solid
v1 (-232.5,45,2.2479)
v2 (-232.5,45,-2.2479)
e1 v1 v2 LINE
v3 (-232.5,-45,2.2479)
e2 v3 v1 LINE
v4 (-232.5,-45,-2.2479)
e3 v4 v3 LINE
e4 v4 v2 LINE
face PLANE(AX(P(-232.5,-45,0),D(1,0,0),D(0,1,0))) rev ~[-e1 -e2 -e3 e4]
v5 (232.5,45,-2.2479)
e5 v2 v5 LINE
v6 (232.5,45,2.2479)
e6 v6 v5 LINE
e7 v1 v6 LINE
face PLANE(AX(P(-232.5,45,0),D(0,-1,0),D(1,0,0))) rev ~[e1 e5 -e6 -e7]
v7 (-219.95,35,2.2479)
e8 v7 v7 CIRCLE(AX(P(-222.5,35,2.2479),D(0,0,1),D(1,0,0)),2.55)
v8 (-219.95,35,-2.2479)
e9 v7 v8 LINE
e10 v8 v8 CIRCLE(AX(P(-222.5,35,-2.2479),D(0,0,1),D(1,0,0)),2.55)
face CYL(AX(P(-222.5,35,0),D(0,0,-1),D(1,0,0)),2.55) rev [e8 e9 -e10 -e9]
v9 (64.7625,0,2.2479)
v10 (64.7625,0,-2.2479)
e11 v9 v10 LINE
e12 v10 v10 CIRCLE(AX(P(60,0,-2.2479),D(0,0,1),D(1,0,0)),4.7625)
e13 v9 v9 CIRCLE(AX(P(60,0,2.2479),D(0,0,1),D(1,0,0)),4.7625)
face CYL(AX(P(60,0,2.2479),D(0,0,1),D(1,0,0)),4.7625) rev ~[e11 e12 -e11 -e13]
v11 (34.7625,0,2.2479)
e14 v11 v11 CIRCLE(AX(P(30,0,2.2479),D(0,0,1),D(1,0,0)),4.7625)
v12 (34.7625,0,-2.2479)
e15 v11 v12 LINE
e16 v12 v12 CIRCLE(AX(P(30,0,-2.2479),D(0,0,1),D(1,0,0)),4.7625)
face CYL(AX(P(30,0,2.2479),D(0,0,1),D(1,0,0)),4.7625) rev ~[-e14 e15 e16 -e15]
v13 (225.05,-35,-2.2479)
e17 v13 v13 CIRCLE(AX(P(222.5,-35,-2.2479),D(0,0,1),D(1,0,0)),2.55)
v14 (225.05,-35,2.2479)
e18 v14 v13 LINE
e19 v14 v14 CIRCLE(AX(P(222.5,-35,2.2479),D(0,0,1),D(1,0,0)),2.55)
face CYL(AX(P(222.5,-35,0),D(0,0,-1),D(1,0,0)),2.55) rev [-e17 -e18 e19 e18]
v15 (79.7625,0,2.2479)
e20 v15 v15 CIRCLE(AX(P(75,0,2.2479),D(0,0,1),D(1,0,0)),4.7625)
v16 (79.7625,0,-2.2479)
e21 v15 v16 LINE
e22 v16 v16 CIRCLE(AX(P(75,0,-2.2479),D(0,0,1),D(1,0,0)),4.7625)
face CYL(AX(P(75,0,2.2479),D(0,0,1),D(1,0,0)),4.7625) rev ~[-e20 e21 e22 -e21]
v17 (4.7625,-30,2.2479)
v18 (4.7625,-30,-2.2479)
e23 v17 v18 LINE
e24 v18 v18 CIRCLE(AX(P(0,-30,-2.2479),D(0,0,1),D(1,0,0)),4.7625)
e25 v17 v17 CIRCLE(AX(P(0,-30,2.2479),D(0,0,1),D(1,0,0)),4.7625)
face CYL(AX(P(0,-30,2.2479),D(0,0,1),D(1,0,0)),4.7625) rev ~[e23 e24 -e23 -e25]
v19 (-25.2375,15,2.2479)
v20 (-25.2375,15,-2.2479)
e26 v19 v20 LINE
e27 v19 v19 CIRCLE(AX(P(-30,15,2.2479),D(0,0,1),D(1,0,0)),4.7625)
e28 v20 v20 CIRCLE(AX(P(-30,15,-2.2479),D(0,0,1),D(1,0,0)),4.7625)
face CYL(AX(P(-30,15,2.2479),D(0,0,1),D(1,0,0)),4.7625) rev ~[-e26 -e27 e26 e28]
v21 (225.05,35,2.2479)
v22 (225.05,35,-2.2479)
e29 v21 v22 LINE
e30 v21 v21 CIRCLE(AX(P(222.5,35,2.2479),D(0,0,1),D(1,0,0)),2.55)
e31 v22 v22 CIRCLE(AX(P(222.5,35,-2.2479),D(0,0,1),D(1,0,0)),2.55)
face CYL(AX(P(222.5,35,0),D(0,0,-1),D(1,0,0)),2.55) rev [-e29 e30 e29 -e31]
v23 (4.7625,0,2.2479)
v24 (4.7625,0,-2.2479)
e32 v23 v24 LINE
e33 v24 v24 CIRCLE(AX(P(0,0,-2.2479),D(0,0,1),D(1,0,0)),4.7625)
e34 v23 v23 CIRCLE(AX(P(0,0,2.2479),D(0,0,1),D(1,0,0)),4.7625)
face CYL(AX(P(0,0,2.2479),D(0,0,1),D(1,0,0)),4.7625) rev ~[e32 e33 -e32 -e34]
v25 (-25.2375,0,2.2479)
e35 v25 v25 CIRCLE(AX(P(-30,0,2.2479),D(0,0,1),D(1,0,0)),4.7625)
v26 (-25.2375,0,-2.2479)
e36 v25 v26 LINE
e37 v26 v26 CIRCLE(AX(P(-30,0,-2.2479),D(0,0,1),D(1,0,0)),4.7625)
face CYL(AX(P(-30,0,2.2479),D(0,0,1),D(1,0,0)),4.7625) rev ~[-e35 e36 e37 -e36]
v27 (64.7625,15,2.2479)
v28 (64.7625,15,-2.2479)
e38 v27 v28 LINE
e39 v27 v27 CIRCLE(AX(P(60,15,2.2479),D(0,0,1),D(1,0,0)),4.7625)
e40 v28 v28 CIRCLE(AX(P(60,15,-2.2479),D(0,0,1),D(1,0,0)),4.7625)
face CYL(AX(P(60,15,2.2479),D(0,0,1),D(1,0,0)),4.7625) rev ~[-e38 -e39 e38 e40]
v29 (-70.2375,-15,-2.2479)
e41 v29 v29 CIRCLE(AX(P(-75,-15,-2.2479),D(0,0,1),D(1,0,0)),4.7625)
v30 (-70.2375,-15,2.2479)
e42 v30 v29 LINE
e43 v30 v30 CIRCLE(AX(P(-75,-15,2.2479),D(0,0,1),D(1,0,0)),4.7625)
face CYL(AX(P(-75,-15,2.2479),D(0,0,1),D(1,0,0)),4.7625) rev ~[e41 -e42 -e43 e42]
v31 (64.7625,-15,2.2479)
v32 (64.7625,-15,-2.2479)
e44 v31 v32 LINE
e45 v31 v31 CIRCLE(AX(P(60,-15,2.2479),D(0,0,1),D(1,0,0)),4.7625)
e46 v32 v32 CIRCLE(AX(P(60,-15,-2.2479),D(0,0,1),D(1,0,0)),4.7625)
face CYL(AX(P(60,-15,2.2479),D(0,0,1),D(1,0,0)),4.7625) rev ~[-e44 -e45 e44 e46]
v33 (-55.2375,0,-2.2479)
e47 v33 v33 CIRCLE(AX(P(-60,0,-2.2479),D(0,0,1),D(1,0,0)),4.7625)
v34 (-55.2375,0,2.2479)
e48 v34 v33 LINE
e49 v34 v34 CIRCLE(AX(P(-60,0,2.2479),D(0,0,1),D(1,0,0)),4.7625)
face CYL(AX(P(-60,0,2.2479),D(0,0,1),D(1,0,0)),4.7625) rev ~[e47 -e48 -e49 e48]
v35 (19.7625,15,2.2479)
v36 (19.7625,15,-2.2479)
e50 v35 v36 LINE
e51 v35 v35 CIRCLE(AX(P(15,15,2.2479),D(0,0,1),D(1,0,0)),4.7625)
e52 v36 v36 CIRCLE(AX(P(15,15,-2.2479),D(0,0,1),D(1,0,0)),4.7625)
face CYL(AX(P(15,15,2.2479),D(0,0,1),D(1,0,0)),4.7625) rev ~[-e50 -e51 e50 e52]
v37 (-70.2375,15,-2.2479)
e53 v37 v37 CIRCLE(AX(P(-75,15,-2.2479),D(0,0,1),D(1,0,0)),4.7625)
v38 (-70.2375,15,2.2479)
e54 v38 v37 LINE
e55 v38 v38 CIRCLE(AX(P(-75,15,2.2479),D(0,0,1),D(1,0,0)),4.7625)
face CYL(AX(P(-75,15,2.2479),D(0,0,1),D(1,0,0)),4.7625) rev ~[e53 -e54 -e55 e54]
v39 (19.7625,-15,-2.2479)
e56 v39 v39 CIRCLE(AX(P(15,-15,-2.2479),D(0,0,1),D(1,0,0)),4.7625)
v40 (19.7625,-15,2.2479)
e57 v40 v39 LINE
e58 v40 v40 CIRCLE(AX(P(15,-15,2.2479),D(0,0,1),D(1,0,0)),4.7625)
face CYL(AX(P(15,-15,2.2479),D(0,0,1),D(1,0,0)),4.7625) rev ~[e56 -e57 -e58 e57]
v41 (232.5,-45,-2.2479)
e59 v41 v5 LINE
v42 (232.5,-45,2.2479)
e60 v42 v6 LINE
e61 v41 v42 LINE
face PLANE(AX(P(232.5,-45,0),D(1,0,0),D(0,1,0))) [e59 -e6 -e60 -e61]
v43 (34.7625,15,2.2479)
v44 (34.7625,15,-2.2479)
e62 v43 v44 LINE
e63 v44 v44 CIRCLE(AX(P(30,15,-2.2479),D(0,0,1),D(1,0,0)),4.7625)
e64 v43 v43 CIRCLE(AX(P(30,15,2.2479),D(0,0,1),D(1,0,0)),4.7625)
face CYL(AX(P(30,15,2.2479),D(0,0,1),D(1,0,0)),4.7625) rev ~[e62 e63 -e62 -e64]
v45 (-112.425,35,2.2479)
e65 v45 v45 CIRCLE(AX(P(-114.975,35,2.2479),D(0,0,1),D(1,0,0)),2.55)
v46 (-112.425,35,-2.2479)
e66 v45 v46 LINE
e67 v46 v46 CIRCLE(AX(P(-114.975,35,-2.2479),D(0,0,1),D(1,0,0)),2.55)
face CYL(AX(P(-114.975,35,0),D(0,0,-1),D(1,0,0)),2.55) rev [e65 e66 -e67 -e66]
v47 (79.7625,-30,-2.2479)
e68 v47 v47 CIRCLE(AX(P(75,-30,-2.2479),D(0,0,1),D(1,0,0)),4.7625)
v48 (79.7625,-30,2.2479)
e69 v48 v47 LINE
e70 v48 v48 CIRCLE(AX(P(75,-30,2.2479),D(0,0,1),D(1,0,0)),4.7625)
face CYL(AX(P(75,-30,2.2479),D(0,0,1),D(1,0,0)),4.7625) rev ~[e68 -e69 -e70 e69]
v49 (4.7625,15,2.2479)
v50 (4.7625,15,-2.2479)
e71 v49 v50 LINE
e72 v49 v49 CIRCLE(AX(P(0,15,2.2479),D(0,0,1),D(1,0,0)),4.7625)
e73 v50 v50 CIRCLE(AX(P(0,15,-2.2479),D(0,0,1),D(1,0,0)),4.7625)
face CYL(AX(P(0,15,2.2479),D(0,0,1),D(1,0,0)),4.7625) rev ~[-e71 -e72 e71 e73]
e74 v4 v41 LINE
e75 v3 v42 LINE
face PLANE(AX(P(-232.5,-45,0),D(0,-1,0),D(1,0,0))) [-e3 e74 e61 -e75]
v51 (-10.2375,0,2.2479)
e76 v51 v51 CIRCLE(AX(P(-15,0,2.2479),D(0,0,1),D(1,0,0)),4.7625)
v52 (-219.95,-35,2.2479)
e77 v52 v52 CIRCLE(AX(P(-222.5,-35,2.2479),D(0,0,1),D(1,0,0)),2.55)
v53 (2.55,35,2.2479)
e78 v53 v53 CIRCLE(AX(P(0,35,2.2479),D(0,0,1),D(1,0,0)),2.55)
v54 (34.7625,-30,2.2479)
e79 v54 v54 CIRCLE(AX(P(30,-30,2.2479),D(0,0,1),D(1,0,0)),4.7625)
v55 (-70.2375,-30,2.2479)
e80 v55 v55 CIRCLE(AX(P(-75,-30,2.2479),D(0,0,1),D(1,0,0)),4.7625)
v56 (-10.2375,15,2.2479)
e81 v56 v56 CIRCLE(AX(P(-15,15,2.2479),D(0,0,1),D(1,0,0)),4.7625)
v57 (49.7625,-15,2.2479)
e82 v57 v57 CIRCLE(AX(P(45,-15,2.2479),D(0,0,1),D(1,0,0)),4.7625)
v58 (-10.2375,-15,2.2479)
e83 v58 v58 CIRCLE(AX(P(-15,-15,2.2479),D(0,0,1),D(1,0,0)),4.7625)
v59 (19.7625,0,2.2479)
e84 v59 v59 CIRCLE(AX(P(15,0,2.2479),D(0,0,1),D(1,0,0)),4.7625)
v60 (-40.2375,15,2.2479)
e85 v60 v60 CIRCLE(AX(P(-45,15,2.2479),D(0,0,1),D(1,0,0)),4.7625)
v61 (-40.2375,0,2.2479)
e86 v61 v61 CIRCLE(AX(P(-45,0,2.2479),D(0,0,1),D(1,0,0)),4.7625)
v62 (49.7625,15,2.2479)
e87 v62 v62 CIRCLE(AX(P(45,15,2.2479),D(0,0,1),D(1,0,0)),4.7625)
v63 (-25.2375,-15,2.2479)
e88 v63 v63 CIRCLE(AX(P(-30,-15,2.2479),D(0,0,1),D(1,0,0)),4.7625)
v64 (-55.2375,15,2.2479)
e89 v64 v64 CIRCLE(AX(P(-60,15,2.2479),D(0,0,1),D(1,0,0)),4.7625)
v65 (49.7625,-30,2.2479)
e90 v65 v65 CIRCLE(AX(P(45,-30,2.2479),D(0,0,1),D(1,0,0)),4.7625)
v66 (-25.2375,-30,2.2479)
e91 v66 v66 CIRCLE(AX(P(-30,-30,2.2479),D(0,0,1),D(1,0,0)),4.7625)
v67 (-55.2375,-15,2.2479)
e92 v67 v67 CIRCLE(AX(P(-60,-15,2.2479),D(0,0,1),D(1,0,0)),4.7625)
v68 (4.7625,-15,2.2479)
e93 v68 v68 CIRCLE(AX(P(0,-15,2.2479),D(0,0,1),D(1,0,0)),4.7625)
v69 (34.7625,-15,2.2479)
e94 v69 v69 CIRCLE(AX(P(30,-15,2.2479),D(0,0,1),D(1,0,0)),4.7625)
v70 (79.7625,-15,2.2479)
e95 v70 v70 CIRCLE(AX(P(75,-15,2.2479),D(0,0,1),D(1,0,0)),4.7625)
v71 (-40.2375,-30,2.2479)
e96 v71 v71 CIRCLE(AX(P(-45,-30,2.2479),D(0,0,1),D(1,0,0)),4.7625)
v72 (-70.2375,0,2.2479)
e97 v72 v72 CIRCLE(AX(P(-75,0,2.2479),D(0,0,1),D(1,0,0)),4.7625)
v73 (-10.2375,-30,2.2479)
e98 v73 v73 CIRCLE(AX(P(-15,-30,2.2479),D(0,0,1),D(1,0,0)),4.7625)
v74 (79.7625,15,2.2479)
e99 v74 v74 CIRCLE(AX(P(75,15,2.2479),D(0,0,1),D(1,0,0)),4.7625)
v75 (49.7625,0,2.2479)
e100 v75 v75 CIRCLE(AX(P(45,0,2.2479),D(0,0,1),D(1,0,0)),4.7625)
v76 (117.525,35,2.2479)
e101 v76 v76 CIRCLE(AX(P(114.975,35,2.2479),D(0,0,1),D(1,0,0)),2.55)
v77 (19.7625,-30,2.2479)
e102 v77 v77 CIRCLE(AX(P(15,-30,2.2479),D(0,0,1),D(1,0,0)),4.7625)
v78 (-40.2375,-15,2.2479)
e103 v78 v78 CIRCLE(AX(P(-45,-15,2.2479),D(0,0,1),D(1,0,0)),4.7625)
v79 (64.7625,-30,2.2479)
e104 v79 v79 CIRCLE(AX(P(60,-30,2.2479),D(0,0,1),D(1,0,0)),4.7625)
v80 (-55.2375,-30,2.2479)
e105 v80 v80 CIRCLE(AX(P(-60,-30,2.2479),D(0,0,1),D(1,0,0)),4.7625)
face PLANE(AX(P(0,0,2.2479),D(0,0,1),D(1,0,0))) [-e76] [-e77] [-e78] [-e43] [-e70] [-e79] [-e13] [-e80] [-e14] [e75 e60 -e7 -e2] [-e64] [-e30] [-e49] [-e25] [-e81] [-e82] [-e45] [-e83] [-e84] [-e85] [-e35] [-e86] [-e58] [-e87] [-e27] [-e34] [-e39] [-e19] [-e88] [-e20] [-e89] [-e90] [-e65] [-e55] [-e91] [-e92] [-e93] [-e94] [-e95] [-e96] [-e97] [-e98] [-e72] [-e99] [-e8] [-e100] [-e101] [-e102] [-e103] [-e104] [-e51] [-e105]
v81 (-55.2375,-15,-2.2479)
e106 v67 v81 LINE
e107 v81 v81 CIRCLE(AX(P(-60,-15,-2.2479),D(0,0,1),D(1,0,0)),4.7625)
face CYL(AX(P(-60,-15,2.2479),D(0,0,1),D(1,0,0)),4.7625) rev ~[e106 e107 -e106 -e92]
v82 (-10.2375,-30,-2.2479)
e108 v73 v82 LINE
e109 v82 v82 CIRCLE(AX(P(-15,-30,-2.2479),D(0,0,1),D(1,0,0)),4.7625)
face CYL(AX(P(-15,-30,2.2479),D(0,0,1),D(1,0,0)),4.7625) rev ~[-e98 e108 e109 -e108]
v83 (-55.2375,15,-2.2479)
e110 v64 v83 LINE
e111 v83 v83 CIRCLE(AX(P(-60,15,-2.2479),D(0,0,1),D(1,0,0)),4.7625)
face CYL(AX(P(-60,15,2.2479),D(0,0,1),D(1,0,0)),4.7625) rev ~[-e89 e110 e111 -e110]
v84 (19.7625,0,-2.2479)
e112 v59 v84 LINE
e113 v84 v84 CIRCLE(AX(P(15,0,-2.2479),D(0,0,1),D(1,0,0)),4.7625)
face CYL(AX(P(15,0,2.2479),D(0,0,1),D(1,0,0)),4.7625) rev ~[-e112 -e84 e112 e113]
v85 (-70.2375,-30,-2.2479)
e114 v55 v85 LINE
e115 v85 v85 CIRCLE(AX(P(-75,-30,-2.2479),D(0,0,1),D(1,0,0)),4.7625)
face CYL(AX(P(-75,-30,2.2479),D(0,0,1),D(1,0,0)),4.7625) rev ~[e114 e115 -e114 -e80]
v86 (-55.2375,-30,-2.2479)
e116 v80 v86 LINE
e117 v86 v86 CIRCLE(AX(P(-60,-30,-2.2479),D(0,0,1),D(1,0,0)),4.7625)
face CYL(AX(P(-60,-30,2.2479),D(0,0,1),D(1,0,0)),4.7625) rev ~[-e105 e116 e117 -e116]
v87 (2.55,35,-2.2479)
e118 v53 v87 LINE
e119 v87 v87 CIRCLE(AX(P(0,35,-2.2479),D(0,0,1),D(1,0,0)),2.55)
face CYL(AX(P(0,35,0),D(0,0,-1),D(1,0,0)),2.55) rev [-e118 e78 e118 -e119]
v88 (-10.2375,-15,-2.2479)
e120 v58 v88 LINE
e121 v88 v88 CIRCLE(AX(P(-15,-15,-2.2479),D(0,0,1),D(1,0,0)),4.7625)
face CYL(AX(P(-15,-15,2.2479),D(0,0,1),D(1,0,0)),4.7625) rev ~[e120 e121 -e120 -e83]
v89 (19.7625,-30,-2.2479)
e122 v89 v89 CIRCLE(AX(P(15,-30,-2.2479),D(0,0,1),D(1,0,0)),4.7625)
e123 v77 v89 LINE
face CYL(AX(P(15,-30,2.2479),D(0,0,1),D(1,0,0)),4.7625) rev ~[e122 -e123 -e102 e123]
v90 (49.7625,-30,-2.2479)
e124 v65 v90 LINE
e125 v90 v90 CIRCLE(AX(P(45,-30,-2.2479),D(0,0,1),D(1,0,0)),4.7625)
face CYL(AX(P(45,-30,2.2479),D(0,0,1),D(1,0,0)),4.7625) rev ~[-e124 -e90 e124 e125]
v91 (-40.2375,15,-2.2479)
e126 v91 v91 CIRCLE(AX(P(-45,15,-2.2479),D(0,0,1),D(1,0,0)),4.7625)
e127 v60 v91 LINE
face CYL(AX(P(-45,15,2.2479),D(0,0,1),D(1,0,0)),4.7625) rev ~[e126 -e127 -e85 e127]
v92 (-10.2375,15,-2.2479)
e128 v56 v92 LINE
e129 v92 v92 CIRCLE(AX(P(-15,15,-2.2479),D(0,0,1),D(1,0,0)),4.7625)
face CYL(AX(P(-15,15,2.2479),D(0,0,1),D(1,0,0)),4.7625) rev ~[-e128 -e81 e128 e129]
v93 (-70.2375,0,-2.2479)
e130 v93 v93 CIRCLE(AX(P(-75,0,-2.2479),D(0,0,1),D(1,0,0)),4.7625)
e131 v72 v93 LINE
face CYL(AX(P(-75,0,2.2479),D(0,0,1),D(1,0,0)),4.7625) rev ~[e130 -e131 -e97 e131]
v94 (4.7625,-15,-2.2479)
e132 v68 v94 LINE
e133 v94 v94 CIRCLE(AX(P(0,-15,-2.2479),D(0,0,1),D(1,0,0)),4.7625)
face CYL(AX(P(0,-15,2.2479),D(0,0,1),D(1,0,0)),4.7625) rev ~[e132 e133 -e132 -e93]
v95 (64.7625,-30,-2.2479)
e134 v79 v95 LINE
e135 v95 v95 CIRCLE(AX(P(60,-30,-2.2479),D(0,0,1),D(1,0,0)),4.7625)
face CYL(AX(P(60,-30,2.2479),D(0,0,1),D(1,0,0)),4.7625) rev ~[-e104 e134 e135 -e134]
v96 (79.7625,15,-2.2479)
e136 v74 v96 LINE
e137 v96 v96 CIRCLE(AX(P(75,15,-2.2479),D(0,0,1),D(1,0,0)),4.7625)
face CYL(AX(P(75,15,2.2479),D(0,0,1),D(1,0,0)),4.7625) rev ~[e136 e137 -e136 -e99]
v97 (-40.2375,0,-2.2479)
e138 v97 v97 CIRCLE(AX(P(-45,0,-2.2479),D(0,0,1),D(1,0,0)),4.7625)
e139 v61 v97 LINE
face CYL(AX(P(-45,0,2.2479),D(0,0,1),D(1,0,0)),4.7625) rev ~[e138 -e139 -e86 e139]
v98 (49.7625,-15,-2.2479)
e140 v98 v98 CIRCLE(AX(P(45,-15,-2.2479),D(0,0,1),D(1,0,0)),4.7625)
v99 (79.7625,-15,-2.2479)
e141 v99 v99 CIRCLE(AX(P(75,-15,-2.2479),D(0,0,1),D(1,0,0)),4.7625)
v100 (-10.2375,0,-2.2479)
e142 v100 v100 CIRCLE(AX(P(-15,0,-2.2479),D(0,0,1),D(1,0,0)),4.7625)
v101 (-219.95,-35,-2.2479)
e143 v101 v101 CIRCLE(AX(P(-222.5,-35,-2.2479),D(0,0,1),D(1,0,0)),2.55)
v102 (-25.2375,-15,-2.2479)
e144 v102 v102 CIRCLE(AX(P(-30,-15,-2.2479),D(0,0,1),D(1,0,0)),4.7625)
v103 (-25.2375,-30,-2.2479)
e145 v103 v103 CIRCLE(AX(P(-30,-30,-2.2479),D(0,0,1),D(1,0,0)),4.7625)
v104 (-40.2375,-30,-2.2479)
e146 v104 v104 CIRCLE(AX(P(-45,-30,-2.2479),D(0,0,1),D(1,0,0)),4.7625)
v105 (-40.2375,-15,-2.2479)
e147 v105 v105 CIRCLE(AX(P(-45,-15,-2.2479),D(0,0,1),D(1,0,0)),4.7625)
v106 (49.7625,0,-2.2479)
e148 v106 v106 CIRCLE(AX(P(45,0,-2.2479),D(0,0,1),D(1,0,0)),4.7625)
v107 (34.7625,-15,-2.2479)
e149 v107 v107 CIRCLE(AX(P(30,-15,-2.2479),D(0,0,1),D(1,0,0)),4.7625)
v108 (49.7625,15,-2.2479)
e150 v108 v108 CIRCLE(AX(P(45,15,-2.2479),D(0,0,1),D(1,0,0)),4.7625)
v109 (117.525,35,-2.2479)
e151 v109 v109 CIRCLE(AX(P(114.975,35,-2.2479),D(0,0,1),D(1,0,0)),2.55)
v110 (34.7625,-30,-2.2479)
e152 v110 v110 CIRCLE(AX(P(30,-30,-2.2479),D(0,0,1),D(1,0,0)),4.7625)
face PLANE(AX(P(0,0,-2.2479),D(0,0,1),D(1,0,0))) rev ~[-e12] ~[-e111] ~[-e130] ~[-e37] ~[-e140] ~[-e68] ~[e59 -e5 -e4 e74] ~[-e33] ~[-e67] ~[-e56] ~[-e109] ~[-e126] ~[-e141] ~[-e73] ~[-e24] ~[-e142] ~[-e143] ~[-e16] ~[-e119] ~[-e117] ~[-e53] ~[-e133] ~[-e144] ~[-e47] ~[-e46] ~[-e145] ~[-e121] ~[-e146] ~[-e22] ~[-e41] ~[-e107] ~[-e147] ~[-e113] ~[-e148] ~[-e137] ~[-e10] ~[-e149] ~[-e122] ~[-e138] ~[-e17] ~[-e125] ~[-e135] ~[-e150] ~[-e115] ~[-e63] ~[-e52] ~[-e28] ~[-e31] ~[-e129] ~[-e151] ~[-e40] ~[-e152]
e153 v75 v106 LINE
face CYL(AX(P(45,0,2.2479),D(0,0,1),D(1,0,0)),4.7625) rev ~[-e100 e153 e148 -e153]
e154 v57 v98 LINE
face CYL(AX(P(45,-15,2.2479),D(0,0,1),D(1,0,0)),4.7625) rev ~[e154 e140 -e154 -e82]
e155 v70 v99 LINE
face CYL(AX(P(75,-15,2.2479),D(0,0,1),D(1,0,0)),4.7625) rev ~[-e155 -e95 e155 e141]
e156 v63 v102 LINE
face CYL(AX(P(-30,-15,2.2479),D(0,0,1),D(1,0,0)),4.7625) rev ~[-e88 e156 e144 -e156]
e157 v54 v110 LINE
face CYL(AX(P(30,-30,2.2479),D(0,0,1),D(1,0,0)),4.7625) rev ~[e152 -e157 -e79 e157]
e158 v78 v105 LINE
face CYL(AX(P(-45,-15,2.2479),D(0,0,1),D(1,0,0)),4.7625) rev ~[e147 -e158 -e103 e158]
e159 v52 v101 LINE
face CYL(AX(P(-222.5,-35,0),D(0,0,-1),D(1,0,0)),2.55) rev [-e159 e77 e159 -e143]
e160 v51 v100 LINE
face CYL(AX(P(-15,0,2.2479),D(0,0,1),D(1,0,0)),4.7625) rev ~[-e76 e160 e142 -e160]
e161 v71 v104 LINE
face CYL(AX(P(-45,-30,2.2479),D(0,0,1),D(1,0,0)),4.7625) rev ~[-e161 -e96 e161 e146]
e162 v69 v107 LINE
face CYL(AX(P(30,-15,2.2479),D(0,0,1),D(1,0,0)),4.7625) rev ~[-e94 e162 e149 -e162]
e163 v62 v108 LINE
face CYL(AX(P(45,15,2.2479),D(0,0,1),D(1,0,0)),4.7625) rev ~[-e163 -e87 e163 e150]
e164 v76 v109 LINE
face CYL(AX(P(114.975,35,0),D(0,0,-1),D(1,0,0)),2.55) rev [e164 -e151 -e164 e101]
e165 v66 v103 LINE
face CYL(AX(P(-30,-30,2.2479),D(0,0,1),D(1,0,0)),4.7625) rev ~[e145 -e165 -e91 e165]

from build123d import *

# Parameters (mm, degrees)
SKETCH1_W           = 465
SKETCH1_H           = 90
SKETCH1_R           = 2.55
BOSS_EXTRUDE1_DEPTH = 2.2479
SKETCH2_R           = 4.7625
CUT_EXTRUDE1_DEPTH  = 4.4958


with BuildPart() as part:
    # Sketch1 → Boss-Extrude1 (new body, symmetric)
    with BuildSketch(Plane.XY):
        Rectangle(SKETCH1_W, SKETCH1_H)
        with Locations((-222.5, 35)):
            Circle(SKETCH1_R, mode=Mode.SUBTRACT)
        with Locations((-222.5, -35)):
            Circle(SKETCH1_R, mode=Mode.SUBTRACT)
        with Locations((0, 35)):
            Circle(SKETCH1_R, mode=Mode.SUBTRACT)
        with Locations((-114.975, 35)):
            Circle(SKETCH1_R, mode=Mode.SUBTRACT)
        with Locations((222.5, -35)):
            Circle(SKETCH1_R, mode=Mode.SUBTRACT)
        with Locations((222.5, 35)):
            Circle(SKETCH1_R, mode=Mode.SUBTRACT)
        with Locations((114.975, 35)):
            Circle(SKETCH1_R, mode=Mode.SUBTRACT)
    extrude(amount=BOSS_EXTRUDE1_DEPTH, both=True)

    # Sketch2 → Cut-Extrude1 (cut)
    with BuildSketch(Plane.XY.offset(2.2479)):
        with Locations((0, 15)):
            Circle(SKETCH2_R)
        with Locations((15, 15)):
            Circle(SKETCH2_R)
        with Locations((30, 15)):
            Circle(SKETCH2_R)
        with Locations((45, 15)):
            Circle(SKETCH2_R)
        with Locations((60, 15)):
            Circle(SKETCH2_R)
        with Locations((75, 15)):
            Circle(SKETCH2_R)
        with Locations((15, 0)):
            Circle(SKETCH2_R)
        with Locations((30, 0)):
            Circle(SKETCH2_R)
        with Locations((45, 0)):
            Circle(SKETCH2_R)
        with Locations((60, 0)):
            Circle(SKETCH2_R)
        with Locations((75, 0)):
            Circle(SKETCH2_R)
        with Locations((15, -15)):
            Circle(SKETCH2_R)
        with Locations((30, -15)):
            Circle(SKETCH2_R)
        with Locations((45, -15)):
            Circle(SKETCH2_R)
        with Locations((60, -15)):
            Circle(SKETCH2_R)
        with Locations((75, -15)):
            Circle(SKETCH2_R)
        with Locations((15, -30)):
            Circle(SKETCH2_R)
        with Locations((30, -30)):
            Circle(SKETCH2_R)
        with Locations((45, -30)):
            Circle(SKETCH2_R)
        with Locations((60, -30)):
            Circle(SKETCH2_R)
        with Locations((75, -30)):
            Circle(SKETCH2_R)
        Circle(SKETCH2_R)
        with Locations((0, -15)):
            Circle(SKETCH2_R)
        with Locations((0, -30)):
            Circle(SKETCH2_R)
        with Locations((-75, -30)):
            Circle(SKETCH2_R)
        with Locations((-60, -30)):
            Circle(SKETCH2_R)
        with Locations((-45, -30)):
            Circle(SKETCH2_R)
        with Locations((-30, -30)):
            Circle(SKETCH2_R)
        with Locations((-15, -30)):
            Circle(SKETCH2_R)
        with Locations((-75, -15)):
            Circle(SKETCH2_R)
        with Locations((-60, -15)):
            Circle(SKETCH2_R)
        with Locations((-45, -15)):
            Circle(SKETCH2_R)
        with Locations((-30, -15)):
            Circle(SKETCH2_R)
        with Locations((-15, -15)):
            Circle(SKETCH2_R)
        with Locations((-75, 0)):
            Circle(SKETCH2_R)
        with Locations((-60, 0)):
            Circle(SKETCH2_R)
        with Locations((-45, 0)):
            Circle(SKETCH2_R)
        with Locations((-30, 0)):
            Circle(SKETCH2_R)
        with Locations((-15, 0)):
            Circle(SKETCH2_R)
        with Locations((-75, 15)):
            Circle(SKETCH2_R)
        with Locations((-60, 15)):
            Circle(SKETCH2_R)
        with Locations((-45, 15)):
            Circle(SKETCH2_R)
        with Locations((-30, 15)):
            Circle(SKETCH2_R)
        with Locations((-15, 15)):
            Circle(SKETCH2_R)
    extrude(amount=-CUT_EXTRUDE1_DEPTH, mode=Mode.SUBTRACT)


solid = part.part
